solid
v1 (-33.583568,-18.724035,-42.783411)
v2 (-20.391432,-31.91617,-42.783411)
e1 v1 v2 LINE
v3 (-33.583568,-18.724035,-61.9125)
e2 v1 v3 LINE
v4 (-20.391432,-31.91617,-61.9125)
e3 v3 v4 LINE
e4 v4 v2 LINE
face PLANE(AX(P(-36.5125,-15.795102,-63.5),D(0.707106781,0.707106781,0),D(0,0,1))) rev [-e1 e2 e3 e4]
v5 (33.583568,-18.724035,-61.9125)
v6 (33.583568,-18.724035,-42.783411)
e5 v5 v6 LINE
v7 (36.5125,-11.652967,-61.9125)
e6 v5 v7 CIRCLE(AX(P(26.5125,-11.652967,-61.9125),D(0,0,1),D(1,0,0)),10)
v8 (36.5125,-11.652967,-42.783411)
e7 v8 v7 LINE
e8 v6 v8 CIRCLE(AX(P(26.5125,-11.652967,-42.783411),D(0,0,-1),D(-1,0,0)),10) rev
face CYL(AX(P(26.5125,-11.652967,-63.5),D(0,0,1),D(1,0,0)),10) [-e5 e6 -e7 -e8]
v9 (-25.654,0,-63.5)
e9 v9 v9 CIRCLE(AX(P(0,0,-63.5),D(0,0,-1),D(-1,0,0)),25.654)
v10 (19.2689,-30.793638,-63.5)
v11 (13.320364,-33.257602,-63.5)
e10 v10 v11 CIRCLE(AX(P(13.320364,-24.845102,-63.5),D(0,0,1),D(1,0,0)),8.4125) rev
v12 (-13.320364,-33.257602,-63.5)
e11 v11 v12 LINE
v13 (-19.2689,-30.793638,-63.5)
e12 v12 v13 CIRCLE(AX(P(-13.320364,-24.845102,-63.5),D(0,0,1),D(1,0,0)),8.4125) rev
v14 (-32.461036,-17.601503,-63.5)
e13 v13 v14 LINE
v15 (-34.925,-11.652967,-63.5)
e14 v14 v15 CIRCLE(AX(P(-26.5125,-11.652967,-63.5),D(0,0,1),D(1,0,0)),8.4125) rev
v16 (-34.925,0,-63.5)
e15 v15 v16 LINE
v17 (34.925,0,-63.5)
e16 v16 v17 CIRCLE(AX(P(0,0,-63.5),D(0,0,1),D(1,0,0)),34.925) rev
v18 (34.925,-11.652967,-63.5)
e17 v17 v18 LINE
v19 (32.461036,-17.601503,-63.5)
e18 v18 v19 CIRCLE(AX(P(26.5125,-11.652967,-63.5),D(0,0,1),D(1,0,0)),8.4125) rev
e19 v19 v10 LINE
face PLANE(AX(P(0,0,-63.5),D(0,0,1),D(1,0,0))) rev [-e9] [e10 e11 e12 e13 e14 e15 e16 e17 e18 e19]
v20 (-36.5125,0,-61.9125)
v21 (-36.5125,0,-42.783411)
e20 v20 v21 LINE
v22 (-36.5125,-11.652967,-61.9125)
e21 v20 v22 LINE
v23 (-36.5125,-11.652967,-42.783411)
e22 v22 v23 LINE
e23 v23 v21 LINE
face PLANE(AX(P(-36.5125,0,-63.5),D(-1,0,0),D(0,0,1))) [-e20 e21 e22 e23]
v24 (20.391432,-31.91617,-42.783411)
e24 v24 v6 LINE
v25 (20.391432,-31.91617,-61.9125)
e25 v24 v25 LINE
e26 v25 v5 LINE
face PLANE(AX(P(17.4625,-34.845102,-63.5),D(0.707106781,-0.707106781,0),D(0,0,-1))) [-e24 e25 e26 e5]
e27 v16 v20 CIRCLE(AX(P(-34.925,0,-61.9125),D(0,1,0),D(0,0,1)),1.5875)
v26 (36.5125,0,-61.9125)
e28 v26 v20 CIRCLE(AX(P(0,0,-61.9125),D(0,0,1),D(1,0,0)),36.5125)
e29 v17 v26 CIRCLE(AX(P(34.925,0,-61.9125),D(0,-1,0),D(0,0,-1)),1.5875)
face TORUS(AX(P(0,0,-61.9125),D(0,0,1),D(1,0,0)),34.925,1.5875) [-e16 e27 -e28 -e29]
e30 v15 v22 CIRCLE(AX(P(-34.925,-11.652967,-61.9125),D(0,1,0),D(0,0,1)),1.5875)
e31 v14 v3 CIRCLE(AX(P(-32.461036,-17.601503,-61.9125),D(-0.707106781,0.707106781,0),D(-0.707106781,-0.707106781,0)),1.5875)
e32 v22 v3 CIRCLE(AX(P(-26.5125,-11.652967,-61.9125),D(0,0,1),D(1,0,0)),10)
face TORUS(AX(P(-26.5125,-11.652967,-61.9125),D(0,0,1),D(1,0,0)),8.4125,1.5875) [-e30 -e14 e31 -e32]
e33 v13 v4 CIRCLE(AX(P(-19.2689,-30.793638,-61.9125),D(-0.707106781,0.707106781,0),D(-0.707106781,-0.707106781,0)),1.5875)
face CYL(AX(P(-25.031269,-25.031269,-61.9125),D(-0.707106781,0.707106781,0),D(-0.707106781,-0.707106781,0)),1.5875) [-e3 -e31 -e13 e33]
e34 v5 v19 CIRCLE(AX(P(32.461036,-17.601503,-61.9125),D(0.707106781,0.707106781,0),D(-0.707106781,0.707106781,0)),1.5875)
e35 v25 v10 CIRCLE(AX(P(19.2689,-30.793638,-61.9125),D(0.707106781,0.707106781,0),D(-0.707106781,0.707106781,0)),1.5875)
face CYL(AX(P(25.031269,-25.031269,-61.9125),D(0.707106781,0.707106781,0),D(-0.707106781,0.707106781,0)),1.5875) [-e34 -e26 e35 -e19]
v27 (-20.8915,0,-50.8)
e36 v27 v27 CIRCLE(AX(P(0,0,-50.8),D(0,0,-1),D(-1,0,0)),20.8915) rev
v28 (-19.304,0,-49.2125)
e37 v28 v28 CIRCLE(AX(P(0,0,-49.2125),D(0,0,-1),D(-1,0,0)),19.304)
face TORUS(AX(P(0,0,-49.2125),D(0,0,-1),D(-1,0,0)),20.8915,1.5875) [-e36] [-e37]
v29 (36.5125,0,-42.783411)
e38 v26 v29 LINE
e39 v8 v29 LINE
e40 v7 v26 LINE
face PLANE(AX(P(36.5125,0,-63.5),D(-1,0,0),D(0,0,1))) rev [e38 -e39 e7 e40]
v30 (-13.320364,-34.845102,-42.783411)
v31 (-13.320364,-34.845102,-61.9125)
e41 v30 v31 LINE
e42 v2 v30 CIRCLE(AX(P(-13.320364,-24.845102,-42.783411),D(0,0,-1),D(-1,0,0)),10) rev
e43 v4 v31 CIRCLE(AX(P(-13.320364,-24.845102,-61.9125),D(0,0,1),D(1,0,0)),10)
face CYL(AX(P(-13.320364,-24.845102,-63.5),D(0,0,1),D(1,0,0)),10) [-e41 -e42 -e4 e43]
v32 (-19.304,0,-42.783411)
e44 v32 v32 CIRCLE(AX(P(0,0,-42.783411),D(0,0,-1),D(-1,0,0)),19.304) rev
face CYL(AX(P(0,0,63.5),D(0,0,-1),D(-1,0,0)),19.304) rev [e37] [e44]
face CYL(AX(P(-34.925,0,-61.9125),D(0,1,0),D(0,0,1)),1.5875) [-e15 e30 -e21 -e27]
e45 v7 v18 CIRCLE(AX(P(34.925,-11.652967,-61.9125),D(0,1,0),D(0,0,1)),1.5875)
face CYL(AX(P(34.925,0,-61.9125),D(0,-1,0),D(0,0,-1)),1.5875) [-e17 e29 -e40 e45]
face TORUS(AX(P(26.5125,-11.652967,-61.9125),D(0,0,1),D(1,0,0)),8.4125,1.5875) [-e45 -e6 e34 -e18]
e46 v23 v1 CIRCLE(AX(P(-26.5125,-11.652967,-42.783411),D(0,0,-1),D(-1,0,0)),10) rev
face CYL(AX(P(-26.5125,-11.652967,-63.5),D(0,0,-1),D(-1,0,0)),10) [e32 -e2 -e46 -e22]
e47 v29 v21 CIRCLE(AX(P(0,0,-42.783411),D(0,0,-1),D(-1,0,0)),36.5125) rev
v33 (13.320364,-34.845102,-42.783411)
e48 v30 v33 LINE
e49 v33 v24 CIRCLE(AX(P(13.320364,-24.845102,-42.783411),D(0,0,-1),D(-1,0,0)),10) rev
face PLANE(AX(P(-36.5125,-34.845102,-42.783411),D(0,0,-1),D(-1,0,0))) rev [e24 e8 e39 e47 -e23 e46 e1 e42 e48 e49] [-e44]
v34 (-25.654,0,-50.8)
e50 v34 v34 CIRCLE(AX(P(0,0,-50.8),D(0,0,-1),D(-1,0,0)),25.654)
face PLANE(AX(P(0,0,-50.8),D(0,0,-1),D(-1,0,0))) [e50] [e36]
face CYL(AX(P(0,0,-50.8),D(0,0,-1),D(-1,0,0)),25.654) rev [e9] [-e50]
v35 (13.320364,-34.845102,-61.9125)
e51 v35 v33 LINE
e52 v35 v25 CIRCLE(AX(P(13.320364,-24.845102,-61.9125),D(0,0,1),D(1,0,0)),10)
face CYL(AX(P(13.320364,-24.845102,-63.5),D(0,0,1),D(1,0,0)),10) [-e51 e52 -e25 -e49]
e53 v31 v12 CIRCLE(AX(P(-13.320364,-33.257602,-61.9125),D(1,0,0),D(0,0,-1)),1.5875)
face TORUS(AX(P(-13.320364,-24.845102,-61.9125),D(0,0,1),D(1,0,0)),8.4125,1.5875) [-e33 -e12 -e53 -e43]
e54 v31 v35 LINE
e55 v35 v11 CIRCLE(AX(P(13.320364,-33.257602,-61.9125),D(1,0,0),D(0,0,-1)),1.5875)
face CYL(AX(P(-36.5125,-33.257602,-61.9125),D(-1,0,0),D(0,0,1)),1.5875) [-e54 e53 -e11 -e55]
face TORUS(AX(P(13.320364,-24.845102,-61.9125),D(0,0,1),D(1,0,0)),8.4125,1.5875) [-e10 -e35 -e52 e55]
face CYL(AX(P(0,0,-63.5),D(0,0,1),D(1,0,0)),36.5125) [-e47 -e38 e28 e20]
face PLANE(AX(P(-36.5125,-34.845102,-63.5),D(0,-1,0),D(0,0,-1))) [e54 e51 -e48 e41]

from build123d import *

# Parameters (mm, degrees)
BOSS_EXTRUDE1_DEPTH      = 63.5
BOSS_EXTRUDE1_DEPTH_BACK = 63.5
SKETCH3_R                = 36.5125
BOSS_EXTRUDE2_DEPTH      = 101.6
SKETCH4_R                = 19.304
CUT_EXTRUDE1_DEPTH       = 167.6875
SKETCH5_R                = 25.654
CUT_EXTRUDE2_DEPTH       = 12.7
CUT_EXTRUDE3_START       = -12.7
SKETCH6_R                = 25.654
CUT_EXTRUDE3_DEPTH       = 12.7
SKETCH7_R                = 30.4165
CUT_EXTRUDE4_DEPTH       = 78.834
CHAMFER1_SIZE            = 19.05
FILLET1_R                = 10
FILLET2_R                = 1.5875
CUT_EXTRUDE5_DEPTH       = 126.25163734
CUT_EXTRUDE5_DEPTH_BACK  = 126.25163734
SKETCH8_W                = 121.091569705
SKETCH8_H                = 140.894572221


with BuildPart() as part:
    # Sketch1 → Boss-Extrude1 (new, two sides: drawn at the far end of the back side and taken through both)
    with BuildSketch(Plane.XY.offset(-BOSS_EXTRUDE1_DEPTH_BACK)):
        with BuildLine():
            Line((-36.5125, 0), (-36.5125, -34.845102384))
            Line((-36.5125, -34.845102384), (36.5125, -34.845102384))
            Line((36.5125, -34.845102384), (36.5125, 0))
            ThreePointArc((36.5125, 0), (0, 36.5125), (-36.5125, 0))
        make_face()
    extrude(amount=BOSS_EXTRUDE1_DEPTH + BOSS_EXTRUDE1_DEPTH_BACK)

    # Sketch3 → Boss-Extrude2 (add)
    with BuildSketch(Plane(origin=(0, 0, 0), x_dir=(1, 0, 0), z_dir=(0, 1, 0))):
        Circle(SKETCH3_R)
    extrude(amount=BOSS_EXTRUDE2_DEPTH)

    # Sketch4 → Cut-Extrude1 (cut, through all)
    with BuildSketch(Plane(origin=(0, 0, -63.5), x_dir=(-1, 0, 0), z_dir=(0, 0, -1))):
        Circle(SKETCH4_R)
    extrude(amount=-CUT_EXTRUDE1_DEPTH, mode=Mode.SUBTRACT)

    # Sketch5 → Cut-Extrude2 (cut)
    with BuildSketch(Plane(origin=(0, 0, -63.5), x_dir=(-1, 0, 0), z_dir=(0, 0, -1))):
        Circle(SKETCH5_R)
    extrude(amount=-CUT_EXTRUDE2_DEPTH, mode=Mode.SUBTRACT)

    # Sketch6 → Cut-Extrude3 (cut)
    with BuildSketch(Plane.XY.offset(63.5).offset(CUT_EXTRUDE3_START)):
        Circle(SKETCH6_R)
    extrude(amount=CUT_EXTRUDE3_DEPTH, mode=Mode.SUBTRACT)

    # Sketch7 → Cut-Extrude4 (cut)
    with BuildSketch(Plane(origin=(0, 101.6, 0), x_dir=(1, 0, 0), z_dir=(0, 1, 0))):
        Circle(SKETCH7_R)
    extrude(amount=-CUT_EXTRUDE4_DEPTH, mode=Mode.SUBTRACT)

    # Chamfer1
    chamfer1_edges = [part.edges().sort_by_distance(p)[0] for p in [
        (36.5125, -34.845102384, 0),
        (-36.5125, -34.845102384, 0),
    ]]
    chamfer(chamfer1_edges, length=CHAMFER1_SIZE)

    # Fillet1
    fillet1_edges = [part.edges().sort_by_distance(p)[0] for p in [
        (36.5125, -15.795102384, 0),
        (17.4625, -34.845102384, 0),
        (-17.4625, -34.845102384, 0),
        (-36.5125, -15.795102384, 0),
    ]]
    fillet(fillet1_edges, radius=FILLET1_R)

    # Fillet2
    fillet2_edges = [part.edges().sort_by_distance(p)[0] for p in [
        (36.5125, -5.82648338, -63.5),
        (35.751295325, -15.479801084, -63.5),
        (26.9875, -25.320102384, -63.5),
        (17.1471987, -34.083897709, -63.5),
        (0, -34.845102384, -63.5),
        (-17.1471987, -34.083897709, -63.5),
        (-26.9875, -25.320102384, -63.5),
        (-35.751295325, -15.479801084, -63.5),
        (-36.5125, -5.82648338, -63.5),
        (36.5125, -5.82648338, 63.5),
        (35.751295325, -15.479801084, 63.5),
        (26.9875, -25.320102384, 63.5),
        (17.1471987, -34.083897709, 63.5),
        (0, -34.845102384, 63.5),
        (-17.1471987, -34.083897709, 63.5),
        (-26.9875, -25.320102384, 63.5),
        (-35.751295325, -15.479801084, 63.5),
        (-36.5125, -5.82648338, 63.5),
        (19.304, 0, -50.8),
        (19.304, 0, 50.8),
        (-30.4165, 101.6, 0),
        (-36.5125, 101.6, 0),
        (0, 36.5125, -63.5),
        (0, 36.5125, 63.5),
    ]]
    fillet(fillet2_edges, radius=FILLET2_R)

    # Sketch8 → Cut-Extrude5 (cut, two sides: drawn at the far end of the back side and taken through both)
    with BuildSketch(Plane(origin=(0, 0, 0), x_dir=(0, 0, -1), z_dir=(1, 0, 0)).offset(-CUT_EXTRUDE5_DEPTH_BACK)):
        with Locations((-17.762374118, 35.602183727)):
            Rectangle(SKETCH8_W, SKETCH8_H)
    extrude(amount=CUT_EXTRUDE5_DEPTH + CUT_EXTRUDE5_DEPTH_BACK, mode=Mode.SUBTRACT)


solid = part.part
